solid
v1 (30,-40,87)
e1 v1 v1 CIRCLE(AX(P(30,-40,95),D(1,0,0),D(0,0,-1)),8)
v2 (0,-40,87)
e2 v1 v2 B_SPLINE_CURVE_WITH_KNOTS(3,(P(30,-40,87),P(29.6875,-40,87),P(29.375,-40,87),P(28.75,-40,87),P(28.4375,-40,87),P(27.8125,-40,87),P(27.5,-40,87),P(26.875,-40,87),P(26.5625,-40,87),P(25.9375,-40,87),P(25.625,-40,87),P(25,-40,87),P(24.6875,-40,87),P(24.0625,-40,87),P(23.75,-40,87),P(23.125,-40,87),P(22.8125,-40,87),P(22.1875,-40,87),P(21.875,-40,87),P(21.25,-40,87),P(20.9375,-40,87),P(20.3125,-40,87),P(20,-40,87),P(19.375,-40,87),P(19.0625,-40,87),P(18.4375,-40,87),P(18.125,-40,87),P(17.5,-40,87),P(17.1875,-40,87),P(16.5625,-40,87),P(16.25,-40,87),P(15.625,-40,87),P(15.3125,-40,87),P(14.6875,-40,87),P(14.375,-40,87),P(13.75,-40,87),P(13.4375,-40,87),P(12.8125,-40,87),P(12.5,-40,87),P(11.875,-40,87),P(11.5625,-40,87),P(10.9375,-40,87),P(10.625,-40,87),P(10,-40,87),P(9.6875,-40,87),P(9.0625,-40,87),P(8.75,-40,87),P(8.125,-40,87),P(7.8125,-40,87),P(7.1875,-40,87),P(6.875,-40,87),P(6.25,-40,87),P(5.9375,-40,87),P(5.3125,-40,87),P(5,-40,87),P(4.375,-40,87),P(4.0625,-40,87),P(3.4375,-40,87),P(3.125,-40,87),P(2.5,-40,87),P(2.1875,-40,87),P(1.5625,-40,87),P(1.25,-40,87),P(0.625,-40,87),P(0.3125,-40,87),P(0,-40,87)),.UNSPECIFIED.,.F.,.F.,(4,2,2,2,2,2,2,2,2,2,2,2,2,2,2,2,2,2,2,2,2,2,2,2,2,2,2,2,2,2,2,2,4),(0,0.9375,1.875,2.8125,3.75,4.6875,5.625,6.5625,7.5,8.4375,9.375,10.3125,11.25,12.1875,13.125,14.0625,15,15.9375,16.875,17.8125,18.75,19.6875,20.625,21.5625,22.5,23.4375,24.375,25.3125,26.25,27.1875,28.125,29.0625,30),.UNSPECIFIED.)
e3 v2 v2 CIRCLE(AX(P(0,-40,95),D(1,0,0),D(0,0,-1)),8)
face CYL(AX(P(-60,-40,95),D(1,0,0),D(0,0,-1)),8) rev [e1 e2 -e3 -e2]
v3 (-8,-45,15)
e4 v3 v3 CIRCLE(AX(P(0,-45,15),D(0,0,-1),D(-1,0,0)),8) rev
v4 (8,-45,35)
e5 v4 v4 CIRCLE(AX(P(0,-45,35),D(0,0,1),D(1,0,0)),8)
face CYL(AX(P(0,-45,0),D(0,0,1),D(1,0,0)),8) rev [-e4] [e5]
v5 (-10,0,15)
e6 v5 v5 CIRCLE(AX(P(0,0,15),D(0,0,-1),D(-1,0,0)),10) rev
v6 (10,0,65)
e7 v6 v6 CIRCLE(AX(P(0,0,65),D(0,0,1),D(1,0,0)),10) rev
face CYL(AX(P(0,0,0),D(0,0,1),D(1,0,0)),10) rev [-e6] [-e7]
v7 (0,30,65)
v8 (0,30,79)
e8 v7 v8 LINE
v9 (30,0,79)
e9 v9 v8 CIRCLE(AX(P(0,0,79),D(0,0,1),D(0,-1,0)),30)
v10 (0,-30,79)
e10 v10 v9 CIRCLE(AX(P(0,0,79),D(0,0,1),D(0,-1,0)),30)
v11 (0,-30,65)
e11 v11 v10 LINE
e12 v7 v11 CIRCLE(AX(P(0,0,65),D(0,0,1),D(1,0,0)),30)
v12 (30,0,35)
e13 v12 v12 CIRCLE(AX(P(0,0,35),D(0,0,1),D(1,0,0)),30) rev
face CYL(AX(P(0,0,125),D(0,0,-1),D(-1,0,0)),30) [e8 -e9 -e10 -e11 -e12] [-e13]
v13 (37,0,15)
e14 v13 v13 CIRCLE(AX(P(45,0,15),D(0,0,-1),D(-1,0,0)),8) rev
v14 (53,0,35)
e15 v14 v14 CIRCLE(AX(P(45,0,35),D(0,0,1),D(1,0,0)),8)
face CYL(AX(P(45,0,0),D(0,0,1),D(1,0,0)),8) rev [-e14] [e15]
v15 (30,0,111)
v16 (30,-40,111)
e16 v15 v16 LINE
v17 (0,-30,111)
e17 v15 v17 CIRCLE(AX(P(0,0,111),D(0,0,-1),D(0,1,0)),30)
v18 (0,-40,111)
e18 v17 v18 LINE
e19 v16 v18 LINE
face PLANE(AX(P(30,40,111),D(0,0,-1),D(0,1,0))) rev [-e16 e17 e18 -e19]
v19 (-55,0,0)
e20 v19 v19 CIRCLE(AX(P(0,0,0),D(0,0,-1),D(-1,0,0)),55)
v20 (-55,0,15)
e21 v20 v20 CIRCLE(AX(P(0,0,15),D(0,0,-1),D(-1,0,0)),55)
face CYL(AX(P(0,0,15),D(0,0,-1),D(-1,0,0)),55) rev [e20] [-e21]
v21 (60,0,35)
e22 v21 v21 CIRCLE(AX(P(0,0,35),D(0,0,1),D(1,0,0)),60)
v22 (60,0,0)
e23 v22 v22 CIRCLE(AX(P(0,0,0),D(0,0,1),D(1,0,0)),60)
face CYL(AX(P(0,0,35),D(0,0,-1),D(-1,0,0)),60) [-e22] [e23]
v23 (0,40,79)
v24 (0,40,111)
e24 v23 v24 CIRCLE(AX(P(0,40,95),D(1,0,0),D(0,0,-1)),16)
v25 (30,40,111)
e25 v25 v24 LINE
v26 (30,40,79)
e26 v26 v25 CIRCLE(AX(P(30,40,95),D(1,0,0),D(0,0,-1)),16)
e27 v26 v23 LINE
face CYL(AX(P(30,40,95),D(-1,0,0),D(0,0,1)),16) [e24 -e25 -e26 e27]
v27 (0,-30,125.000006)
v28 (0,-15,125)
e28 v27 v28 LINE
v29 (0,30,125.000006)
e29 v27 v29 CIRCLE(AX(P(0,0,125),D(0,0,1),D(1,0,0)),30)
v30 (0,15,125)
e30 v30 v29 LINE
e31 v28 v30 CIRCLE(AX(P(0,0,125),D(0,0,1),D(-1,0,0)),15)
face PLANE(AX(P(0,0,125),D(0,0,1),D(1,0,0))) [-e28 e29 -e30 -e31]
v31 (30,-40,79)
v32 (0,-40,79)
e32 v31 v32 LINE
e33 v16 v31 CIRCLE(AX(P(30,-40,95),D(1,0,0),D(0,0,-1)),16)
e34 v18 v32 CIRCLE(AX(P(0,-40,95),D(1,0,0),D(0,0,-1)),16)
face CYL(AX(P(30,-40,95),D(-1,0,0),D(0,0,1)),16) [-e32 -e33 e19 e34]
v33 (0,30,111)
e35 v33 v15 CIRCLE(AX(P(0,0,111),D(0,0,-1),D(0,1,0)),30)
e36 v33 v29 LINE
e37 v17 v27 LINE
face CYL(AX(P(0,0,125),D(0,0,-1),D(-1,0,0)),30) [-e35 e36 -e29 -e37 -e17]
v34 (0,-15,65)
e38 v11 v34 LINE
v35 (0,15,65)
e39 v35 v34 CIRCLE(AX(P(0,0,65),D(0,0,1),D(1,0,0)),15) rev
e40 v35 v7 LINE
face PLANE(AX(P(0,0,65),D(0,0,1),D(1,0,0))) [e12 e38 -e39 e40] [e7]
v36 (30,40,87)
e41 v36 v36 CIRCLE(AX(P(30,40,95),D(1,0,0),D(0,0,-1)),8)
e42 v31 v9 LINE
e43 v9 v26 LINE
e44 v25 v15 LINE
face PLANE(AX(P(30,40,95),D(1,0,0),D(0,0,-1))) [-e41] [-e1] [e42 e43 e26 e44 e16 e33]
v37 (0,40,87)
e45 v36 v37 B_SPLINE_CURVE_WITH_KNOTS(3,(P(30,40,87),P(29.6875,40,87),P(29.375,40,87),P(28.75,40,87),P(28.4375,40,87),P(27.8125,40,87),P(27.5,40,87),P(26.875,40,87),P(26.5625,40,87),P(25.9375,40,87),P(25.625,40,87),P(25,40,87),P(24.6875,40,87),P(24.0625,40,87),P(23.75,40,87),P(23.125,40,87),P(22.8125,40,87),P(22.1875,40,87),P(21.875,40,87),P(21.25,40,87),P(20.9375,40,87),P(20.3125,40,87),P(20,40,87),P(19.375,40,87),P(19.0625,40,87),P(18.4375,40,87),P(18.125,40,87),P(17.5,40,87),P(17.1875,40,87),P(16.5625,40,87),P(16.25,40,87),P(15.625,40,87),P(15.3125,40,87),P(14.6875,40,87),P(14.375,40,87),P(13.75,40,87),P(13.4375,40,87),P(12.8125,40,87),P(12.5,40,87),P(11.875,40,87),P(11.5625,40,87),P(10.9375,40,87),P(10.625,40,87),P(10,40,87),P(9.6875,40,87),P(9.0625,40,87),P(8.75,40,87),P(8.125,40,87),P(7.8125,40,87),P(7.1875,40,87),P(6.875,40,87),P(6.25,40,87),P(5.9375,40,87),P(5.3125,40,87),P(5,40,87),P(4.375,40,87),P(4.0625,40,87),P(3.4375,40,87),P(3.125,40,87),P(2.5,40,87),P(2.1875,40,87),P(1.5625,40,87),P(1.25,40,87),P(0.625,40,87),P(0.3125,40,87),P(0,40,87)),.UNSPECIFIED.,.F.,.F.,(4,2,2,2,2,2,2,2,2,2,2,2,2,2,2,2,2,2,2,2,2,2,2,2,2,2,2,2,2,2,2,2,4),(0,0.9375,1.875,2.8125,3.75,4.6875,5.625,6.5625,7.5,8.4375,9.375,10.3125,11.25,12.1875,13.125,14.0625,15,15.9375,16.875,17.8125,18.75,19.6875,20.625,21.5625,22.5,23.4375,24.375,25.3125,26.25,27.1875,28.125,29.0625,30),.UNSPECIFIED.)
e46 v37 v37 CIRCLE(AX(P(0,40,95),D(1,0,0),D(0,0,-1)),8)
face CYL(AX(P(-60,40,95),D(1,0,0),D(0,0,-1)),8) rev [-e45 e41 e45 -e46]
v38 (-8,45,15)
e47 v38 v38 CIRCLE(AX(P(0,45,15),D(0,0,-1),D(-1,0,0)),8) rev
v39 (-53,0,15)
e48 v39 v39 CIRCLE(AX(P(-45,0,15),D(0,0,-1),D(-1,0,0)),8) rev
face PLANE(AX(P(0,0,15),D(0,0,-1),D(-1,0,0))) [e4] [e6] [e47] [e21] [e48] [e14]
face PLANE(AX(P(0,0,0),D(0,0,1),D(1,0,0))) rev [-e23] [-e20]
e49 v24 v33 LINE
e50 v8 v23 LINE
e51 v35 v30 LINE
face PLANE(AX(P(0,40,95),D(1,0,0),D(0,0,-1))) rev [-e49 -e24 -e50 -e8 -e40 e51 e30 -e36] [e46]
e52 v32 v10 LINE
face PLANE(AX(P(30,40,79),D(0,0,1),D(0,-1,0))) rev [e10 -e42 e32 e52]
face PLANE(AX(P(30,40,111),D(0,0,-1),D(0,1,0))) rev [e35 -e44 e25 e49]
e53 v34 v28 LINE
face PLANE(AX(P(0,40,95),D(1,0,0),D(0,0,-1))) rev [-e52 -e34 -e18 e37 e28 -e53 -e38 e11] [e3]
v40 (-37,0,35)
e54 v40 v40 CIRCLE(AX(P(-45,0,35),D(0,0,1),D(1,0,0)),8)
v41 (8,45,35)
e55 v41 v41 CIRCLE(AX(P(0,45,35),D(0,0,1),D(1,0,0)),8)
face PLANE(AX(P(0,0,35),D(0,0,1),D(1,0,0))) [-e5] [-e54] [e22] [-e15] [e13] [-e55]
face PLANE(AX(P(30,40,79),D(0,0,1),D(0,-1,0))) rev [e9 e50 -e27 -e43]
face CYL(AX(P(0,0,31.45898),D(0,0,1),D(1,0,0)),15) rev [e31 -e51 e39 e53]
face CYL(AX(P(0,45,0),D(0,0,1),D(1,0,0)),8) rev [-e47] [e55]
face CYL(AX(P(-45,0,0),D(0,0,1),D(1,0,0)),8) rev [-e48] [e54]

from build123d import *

# Parameters (mm, degrees)
SKETCH1_R               = 60
SKETCH1_R_2             = 30
BOSS_EXTRUDE1_DEPTH     = 35
SKETCH1_3_R             = 30
BOSS_EXTRUDE2_DEPTH     = 125
BOSS_EXTRUDE3_DEPTH     = 30
CUT_EXTRUDE2_DEPTH      = 152.079449297
CUT_EXTRUDE2_DEPTH_BACK = 152.079449297
SKETCH5_R               = 10
CUT_EXTRUDE3_DEPTH      = 152.079449297
CUT_EXTRUDE3_DEPTH_BACK = 60
CUT_EXTRUDE4_DEPTH      = 60
SKETCH9_R               = 8
CUT_EXTRUDE5_DEPTH      = 166.302752548
SKETCH10_R              = 8
CUT_EXTRUDE6_DEPTH      = 124.693168769
SKETCH11_R              = 55
CUT_EXTRUDE7_DEPTH      = 15


with BuildPart() as part:
    # Sketch1 → Boss-Extrude1 (new body)
    # profile 1 of 2: a face of its own
    with BuildSketch(Plane(origin=(0, 0, 0), x_dir=(0, 1, 0), z_dir=(0, 0, 1))):
        with Locations(Location((0, 0, 0), (0, 0, 270))):
            Circle(SKETCH1_R)
        Circle(SKETCH1_R_2, mode=Mode.SUBTRACT)
    # profile 2 of 2: a face of its own
    with BuildSketch(Plane(origin=(0, 0, 0), x_dir=(0, 1, 0), z_dir=(0, 0, 1))):
        Circle(SKETCH1_R_2)
    extrude(amount=BOSS_EXTRUDE1_DEPTH)

    # Sketch1<3> → Boss-Extrude2 (add)
    with BuildSketch(Plane(origin=(0, 0, 0), x_dir=(0, 1, 0), z_dir=(0, 0, 1))):
        with Locations(Location((0, 0, 0), (0, 0, 270))):
            Circle(SKETCH1_3_R)
    extrude(amount=BOSS_EXTRUDE2_DEPTH)

    # Sketch4 → Boss-Extrude3 (add)
    with BuildSketch(Plane.YZ):
        with BuildLine():
            Line((40, 79), (-40, 79))
            ThreePointArc((-40, 79), (-56, 95), (-40, 111))
            Line((-40, 111), (40, 111))
            ThreePointArc((40, 111), (56, 95), (40, 79))
        make_face()
    extrude(amount=BOSS_EXTRUDE3_DEPTH)

    # Sketch5 → Cut-Extrude2 (cut, two sides: drawn at the far end of the back side and taken through both)
    with BuildSketch(Plane.XY.offset(125).offset(-CUT_EXTRUDE2_DEPTH_BACK)):
        Circle(SKETCH5_R)
    extrude(amount=CUT_EXTRUDE2_DEPTH + CUT_EXTRUDE2_DEPTH_BACK, mode=Mode.SUBTRACT)

    # Sketch7 → Cut-Extrude3 (cut, two sides: drawn at the far end of the back side and taken through both)
    with BuildSketch(Plane.XY.offset(125).offset(-CUT_EXTRUDE3_DEPTH_BACK)):
        with BuildLine():
            Line((0, 30), (0, -30))
            ThreePointArc((0, -30), (-30, 0), (0, 30))
        make_face()
    extrude(amount=CUT_EXTRUDE3_DEPTH + CUT_EXTRUDE3_DEPTH_BACK, mode=Mode.SUBTRACT)

    # Sketch8 → Cut-Extrude4 (cut)
    with BuildSketch(Plane.XY.offset(125)):
        with BuildLine():
            Line((0, 15), (0, 10))
            ThreePointArc((0, 10), (10, 0), (0, -10))
            Line((0, -10), (0, -15))
            ThreePointArc((0, -15), (15, 0), (0, 15))
        make_face()
    extrude(amount=-CUT_EXTRUDE4_DEPTH, mode=Mode.SUBTRACT)

    # Sketch9 → Cut-Extrude5 (cut, through all)
    with BuildSketch(Plane.YZ.offset(30)):
        with Locations(Location((-40, 95, 0), (0, 0, 270))):
            Circle(SKETCH9_R)
        with Locations(Location((40, 95, 0), (0, 0, 270))):
            Circle(SKETCH9_R)
    extrude(amount=-CUT_EXTRUDE5_DEPTH, mode=Mode.SUBTRACT)

    # Sketch10 → Cut-Extrude6 (cut, through all)
    with BuildSketch(Plane.XY.offset(35)):
        with Locations((-45, 0)):
            Circle(SKETCH10_R)
        with Locations((0, 45)):
            Circle(SKETCH10_R)
        with Locations((45, 0)):
            Circle(SKETCH10_R)
        with Locations((0, -45)):
            Circle(SKETCH10_R)
    extrude(amount=-CUT_EXTRUDE6_DEPTH, mode=Mode.SUBTRACT)

    # Sketch11 → Cut-Extrude7 (cut)
    with BuildSketch(Plane(origin=(0, 0, 0), x_dir=(1, 0, 0), z_dir=(0, 0, -1))):
        with Locations(Location((0, 0, 0), (0, 0, 180))):
            Circle(SKETCH11_R)
    extrude(amount=-CUT_EXTRUDE7_DEPTH, mode=Mode.SUBTRACT)


solid = part.part
